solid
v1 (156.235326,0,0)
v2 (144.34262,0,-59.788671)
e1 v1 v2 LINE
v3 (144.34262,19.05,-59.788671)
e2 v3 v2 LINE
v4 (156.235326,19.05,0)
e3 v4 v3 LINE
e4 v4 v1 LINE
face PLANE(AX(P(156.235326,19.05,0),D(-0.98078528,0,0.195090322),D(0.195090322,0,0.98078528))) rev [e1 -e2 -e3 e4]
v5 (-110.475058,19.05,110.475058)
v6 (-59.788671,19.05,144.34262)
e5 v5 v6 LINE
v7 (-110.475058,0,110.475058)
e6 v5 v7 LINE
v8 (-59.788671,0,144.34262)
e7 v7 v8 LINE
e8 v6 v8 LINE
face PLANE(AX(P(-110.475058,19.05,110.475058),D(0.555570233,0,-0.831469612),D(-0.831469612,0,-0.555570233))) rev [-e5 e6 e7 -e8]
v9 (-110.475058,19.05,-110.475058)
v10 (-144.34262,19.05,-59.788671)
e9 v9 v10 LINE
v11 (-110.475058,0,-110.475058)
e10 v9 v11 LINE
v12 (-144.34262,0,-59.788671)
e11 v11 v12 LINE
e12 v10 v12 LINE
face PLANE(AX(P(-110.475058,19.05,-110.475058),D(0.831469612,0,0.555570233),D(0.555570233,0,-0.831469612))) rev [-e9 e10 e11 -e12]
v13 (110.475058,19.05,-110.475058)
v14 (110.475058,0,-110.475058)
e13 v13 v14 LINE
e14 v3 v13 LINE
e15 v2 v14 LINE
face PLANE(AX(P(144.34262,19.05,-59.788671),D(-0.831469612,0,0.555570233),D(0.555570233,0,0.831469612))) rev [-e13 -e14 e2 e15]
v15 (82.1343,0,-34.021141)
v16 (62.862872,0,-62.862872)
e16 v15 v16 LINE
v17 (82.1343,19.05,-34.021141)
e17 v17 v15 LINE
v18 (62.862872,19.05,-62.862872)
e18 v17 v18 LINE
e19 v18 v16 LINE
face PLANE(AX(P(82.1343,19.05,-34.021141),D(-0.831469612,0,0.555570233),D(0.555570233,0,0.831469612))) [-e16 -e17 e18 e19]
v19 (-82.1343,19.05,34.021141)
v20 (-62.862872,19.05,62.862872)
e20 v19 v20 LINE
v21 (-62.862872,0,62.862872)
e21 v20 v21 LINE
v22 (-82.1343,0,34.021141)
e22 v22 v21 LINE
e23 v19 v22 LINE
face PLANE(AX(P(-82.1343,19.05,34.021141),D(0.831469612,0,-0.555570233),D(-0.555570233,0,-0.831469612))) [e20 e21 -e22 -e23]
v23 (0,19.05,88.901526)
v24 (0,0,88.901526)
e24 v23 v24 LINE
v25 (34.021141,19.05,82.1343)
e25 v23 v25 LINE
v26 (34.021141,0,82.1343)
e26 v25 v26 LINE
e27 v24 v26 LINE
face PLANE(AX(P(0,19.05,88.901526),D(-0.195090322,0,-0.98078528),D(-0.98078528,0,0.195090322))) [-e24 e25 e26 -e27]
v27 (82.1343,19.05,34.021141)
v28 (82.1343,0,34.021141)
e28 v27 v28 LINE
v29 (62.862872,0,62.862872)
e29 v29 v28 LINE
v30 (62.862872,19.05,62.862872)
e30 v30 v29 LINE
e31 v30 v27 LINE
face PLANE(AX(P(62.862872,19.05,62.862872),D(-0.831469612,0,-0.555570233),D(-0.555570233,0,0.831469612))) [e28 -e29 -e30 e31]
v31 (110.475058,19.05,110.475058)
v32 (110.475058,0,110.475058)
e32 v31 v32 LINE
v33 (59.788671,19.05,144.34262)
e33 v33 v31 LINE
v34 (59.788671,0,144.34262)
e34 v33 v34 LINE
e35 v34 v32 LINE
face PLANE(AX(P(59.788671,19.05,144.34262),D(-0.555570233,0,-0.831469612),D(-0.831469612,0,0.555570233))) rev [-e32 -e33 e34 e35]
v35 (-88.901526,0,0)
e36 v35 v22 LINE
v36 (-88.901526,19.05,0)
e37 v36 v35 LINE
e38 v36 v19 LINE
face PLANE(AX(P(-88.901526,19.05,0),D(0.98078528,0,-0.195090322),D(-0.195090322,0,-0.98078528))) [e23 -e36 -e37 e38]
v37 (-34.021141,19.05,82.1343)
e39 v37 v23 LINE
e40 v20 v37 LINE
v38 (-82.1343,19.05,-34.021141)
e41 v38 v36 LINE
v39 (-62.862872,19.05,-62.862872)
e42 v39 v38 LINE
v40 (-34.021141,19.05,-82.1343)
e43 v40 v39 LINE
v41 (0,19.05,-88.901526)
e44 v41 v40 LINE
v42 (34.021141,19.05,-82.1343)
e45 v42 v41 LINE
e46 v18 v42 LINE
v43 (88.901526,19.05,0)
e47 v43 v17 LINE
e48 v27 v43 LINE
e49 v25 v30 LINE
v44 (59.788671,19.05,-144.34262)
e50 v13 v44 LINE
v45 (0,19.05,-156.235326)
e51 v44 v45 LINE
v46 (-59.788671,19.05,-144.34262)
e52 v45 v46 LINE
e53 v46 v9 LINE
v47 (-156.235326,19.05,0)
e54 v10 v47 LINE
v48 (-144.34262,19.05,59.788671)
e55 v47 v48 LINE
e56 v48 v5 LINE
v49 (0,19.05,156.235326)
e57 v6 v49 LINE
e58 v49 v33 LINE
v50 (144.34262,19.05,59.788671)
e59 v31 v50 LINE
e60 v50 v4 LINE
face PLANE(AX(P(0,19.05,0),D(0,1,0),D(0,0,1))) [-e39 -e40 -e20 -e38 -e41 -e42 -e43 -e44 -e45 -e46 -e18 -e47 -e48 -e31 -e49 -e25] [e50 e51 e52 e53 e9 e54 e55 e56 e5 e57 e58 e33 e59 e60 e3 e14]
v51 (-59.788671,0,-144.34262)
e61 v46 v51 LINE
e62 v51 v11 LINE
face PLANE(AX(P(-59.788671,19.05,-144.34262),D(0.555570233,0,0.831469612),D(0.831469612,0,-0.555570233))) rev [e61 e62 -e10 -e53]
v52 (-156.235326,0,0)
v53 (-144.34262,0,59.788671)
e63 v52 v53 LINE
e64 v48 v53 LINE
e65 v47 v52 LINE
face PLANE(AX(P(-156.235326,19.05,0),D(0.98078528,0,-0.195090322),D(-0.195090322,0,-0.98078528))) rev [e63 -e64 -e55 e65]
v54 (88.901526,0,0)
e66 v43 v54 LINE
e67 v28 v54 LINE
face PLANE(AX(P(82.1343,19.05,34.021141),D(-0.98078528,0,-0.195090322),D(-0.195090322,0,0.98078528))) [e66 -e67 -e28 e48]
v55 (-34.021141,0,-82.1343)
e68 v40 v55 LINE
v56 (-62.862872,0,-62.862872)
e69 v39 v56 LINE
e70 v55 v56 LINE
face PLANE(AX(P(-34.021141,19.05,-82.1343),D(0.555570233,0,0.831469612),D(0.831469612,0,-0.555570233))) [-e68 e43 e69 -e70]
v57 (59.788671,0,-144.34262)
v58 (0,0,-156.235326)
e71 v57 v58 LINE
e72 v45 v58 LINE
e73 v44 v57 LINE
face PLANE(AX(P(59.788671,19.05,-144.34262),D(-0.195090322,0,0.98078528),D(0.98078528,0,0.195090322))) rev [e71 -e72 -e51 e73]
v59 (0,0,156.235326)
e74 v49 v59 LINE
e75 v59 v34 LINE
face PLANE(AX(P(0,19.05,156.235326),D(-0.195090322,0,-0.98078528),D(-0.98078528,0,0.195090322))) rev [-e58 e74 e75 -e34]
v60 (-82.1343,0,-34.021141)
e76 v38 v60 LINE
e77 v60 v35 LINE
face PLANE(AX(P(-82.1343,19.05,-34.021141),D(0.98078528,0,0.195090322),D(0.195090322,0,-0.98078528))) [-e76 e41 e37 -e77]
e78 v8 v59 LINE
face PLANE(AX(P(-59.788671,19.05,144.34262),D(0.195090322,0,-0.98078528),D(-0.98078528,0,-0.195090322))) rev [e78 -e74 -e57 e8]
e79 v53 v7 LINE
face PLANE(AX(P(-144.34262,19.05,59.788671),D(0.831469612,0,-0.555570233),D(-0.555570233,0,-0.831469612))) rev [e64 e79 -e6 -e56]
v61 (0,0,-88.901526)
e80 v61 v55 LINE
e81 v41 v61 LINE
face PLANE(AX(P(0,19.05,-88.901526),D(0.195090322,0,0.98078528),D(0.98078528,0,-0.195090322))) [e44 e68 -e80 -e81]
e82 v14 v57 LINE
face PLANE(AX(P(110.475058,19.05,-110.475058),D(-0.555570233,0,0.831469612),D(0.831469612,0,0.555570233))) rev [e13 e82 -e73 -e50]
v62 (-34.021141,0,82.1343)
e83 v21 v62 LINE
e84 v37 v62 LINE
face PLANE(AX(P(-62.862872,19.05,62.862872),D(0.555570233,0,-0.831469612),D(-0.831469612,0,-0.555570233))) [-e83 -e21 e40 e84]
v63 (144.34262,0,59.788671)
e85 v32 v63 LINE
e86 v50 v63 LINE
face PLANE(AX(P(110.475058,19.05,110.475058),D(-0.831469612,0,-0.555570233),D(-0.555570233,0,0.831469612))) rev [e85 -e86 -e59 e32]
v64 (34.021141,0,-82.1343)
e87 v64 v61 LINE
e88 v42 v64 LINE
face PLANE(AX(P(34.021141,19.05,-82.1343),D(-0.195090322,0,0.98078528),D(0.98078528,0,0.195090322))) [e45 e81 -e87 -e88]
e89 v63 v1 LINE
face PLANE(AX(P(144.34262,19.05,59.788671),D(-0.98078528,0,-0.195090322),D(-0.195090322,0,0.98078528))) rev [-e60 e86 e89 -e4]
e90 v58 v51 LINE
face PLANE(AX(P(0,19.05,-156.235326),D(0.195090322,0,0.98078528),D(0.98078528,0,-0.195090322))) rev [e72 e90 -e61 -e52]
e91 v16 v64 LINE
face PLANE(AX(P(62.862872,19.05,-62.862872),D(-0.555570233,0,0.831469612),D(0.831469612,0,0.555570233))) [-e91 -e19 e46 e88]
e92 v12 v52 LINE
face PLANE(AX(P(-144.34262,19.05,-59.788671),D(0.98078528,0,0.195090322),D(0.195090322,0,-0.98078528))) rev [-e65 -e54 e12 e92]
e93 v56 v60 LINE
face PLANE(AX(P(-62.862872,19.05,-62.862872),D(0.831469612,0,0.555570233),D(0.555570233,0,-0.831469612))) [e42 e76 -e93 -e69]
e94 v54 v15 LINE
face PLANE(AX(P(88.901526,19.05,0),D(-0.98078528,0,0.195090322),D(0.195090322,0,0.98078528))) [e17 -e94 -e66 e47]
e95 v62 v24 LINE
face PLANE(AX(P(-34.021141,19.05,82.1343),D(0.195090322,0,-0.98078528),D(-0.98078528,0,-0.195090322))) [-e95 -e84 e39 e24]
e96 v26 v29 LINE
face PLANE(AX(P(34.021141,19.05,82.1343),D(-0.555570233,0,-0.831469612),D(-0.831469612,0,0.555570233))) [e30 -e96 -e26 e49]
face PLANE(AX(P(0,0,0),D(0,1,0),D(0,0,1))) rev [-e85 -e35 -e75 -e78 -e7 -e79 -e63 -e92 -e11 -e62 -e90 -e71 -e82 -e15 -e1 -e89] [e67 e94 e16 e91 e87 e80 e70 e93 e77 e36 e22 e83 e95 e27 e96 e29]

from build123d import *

# Parameters (mm, degrees)
BOSS_EXTRUDE1_DEPTH = 19.05


with BuildPart() as part:
    # Sketch1 → Boss-Extrude1 (new body)
    with BuildSketch(Plane(origin=(0, 0, 0), x_dir=(1, 0, 0), z_dir=(0, 1, 0))):
        Polygon((156.235325694, 0), (144.342619664, 59.788670693), (110.475058259, 110.475058259), (59.788670693, 144.342619664), (0, 156.235325694), (-59.788670693, 144.342619664), (-110.475058259, 110.475058259), (-144.342619664, 59.788670693), (-156.235325694, 0), (-144.342619664, -59.788670693), (-110.475058259, -110.475058259), (-59.788670693, -144.342619664), (0, -156.235325694), (59.788670693, -144.342619664), (110.475058259, -110.475058259), (144.342619664, -59.788670693), align=None)
        Polygon((88.901525606, 0), (82.134299917, 34.021140961), (62.862871614, 62.862871614), (34.021140961, 82.134299917), (0, 88.901525606), (-34.021140961, 82.134299917), (-62.862871614, 62.862871614), (-82.134299917, 34.021140961), (-88.901525606, 0), (-82.134299917, -34.021140961), (-62.862871614, -62.862871614), (-34.021140961, -82.134299917), (0, -88.901525606), (34.021140961, -82.134299917), (62.862871614, -62.862871614), (82.134299917, -34.021140961), align=None, mode=Mode.SUBTRACT)
    extrude(amount=BOSS_EXTRUDE1_DEPTH)


solid = part.part
